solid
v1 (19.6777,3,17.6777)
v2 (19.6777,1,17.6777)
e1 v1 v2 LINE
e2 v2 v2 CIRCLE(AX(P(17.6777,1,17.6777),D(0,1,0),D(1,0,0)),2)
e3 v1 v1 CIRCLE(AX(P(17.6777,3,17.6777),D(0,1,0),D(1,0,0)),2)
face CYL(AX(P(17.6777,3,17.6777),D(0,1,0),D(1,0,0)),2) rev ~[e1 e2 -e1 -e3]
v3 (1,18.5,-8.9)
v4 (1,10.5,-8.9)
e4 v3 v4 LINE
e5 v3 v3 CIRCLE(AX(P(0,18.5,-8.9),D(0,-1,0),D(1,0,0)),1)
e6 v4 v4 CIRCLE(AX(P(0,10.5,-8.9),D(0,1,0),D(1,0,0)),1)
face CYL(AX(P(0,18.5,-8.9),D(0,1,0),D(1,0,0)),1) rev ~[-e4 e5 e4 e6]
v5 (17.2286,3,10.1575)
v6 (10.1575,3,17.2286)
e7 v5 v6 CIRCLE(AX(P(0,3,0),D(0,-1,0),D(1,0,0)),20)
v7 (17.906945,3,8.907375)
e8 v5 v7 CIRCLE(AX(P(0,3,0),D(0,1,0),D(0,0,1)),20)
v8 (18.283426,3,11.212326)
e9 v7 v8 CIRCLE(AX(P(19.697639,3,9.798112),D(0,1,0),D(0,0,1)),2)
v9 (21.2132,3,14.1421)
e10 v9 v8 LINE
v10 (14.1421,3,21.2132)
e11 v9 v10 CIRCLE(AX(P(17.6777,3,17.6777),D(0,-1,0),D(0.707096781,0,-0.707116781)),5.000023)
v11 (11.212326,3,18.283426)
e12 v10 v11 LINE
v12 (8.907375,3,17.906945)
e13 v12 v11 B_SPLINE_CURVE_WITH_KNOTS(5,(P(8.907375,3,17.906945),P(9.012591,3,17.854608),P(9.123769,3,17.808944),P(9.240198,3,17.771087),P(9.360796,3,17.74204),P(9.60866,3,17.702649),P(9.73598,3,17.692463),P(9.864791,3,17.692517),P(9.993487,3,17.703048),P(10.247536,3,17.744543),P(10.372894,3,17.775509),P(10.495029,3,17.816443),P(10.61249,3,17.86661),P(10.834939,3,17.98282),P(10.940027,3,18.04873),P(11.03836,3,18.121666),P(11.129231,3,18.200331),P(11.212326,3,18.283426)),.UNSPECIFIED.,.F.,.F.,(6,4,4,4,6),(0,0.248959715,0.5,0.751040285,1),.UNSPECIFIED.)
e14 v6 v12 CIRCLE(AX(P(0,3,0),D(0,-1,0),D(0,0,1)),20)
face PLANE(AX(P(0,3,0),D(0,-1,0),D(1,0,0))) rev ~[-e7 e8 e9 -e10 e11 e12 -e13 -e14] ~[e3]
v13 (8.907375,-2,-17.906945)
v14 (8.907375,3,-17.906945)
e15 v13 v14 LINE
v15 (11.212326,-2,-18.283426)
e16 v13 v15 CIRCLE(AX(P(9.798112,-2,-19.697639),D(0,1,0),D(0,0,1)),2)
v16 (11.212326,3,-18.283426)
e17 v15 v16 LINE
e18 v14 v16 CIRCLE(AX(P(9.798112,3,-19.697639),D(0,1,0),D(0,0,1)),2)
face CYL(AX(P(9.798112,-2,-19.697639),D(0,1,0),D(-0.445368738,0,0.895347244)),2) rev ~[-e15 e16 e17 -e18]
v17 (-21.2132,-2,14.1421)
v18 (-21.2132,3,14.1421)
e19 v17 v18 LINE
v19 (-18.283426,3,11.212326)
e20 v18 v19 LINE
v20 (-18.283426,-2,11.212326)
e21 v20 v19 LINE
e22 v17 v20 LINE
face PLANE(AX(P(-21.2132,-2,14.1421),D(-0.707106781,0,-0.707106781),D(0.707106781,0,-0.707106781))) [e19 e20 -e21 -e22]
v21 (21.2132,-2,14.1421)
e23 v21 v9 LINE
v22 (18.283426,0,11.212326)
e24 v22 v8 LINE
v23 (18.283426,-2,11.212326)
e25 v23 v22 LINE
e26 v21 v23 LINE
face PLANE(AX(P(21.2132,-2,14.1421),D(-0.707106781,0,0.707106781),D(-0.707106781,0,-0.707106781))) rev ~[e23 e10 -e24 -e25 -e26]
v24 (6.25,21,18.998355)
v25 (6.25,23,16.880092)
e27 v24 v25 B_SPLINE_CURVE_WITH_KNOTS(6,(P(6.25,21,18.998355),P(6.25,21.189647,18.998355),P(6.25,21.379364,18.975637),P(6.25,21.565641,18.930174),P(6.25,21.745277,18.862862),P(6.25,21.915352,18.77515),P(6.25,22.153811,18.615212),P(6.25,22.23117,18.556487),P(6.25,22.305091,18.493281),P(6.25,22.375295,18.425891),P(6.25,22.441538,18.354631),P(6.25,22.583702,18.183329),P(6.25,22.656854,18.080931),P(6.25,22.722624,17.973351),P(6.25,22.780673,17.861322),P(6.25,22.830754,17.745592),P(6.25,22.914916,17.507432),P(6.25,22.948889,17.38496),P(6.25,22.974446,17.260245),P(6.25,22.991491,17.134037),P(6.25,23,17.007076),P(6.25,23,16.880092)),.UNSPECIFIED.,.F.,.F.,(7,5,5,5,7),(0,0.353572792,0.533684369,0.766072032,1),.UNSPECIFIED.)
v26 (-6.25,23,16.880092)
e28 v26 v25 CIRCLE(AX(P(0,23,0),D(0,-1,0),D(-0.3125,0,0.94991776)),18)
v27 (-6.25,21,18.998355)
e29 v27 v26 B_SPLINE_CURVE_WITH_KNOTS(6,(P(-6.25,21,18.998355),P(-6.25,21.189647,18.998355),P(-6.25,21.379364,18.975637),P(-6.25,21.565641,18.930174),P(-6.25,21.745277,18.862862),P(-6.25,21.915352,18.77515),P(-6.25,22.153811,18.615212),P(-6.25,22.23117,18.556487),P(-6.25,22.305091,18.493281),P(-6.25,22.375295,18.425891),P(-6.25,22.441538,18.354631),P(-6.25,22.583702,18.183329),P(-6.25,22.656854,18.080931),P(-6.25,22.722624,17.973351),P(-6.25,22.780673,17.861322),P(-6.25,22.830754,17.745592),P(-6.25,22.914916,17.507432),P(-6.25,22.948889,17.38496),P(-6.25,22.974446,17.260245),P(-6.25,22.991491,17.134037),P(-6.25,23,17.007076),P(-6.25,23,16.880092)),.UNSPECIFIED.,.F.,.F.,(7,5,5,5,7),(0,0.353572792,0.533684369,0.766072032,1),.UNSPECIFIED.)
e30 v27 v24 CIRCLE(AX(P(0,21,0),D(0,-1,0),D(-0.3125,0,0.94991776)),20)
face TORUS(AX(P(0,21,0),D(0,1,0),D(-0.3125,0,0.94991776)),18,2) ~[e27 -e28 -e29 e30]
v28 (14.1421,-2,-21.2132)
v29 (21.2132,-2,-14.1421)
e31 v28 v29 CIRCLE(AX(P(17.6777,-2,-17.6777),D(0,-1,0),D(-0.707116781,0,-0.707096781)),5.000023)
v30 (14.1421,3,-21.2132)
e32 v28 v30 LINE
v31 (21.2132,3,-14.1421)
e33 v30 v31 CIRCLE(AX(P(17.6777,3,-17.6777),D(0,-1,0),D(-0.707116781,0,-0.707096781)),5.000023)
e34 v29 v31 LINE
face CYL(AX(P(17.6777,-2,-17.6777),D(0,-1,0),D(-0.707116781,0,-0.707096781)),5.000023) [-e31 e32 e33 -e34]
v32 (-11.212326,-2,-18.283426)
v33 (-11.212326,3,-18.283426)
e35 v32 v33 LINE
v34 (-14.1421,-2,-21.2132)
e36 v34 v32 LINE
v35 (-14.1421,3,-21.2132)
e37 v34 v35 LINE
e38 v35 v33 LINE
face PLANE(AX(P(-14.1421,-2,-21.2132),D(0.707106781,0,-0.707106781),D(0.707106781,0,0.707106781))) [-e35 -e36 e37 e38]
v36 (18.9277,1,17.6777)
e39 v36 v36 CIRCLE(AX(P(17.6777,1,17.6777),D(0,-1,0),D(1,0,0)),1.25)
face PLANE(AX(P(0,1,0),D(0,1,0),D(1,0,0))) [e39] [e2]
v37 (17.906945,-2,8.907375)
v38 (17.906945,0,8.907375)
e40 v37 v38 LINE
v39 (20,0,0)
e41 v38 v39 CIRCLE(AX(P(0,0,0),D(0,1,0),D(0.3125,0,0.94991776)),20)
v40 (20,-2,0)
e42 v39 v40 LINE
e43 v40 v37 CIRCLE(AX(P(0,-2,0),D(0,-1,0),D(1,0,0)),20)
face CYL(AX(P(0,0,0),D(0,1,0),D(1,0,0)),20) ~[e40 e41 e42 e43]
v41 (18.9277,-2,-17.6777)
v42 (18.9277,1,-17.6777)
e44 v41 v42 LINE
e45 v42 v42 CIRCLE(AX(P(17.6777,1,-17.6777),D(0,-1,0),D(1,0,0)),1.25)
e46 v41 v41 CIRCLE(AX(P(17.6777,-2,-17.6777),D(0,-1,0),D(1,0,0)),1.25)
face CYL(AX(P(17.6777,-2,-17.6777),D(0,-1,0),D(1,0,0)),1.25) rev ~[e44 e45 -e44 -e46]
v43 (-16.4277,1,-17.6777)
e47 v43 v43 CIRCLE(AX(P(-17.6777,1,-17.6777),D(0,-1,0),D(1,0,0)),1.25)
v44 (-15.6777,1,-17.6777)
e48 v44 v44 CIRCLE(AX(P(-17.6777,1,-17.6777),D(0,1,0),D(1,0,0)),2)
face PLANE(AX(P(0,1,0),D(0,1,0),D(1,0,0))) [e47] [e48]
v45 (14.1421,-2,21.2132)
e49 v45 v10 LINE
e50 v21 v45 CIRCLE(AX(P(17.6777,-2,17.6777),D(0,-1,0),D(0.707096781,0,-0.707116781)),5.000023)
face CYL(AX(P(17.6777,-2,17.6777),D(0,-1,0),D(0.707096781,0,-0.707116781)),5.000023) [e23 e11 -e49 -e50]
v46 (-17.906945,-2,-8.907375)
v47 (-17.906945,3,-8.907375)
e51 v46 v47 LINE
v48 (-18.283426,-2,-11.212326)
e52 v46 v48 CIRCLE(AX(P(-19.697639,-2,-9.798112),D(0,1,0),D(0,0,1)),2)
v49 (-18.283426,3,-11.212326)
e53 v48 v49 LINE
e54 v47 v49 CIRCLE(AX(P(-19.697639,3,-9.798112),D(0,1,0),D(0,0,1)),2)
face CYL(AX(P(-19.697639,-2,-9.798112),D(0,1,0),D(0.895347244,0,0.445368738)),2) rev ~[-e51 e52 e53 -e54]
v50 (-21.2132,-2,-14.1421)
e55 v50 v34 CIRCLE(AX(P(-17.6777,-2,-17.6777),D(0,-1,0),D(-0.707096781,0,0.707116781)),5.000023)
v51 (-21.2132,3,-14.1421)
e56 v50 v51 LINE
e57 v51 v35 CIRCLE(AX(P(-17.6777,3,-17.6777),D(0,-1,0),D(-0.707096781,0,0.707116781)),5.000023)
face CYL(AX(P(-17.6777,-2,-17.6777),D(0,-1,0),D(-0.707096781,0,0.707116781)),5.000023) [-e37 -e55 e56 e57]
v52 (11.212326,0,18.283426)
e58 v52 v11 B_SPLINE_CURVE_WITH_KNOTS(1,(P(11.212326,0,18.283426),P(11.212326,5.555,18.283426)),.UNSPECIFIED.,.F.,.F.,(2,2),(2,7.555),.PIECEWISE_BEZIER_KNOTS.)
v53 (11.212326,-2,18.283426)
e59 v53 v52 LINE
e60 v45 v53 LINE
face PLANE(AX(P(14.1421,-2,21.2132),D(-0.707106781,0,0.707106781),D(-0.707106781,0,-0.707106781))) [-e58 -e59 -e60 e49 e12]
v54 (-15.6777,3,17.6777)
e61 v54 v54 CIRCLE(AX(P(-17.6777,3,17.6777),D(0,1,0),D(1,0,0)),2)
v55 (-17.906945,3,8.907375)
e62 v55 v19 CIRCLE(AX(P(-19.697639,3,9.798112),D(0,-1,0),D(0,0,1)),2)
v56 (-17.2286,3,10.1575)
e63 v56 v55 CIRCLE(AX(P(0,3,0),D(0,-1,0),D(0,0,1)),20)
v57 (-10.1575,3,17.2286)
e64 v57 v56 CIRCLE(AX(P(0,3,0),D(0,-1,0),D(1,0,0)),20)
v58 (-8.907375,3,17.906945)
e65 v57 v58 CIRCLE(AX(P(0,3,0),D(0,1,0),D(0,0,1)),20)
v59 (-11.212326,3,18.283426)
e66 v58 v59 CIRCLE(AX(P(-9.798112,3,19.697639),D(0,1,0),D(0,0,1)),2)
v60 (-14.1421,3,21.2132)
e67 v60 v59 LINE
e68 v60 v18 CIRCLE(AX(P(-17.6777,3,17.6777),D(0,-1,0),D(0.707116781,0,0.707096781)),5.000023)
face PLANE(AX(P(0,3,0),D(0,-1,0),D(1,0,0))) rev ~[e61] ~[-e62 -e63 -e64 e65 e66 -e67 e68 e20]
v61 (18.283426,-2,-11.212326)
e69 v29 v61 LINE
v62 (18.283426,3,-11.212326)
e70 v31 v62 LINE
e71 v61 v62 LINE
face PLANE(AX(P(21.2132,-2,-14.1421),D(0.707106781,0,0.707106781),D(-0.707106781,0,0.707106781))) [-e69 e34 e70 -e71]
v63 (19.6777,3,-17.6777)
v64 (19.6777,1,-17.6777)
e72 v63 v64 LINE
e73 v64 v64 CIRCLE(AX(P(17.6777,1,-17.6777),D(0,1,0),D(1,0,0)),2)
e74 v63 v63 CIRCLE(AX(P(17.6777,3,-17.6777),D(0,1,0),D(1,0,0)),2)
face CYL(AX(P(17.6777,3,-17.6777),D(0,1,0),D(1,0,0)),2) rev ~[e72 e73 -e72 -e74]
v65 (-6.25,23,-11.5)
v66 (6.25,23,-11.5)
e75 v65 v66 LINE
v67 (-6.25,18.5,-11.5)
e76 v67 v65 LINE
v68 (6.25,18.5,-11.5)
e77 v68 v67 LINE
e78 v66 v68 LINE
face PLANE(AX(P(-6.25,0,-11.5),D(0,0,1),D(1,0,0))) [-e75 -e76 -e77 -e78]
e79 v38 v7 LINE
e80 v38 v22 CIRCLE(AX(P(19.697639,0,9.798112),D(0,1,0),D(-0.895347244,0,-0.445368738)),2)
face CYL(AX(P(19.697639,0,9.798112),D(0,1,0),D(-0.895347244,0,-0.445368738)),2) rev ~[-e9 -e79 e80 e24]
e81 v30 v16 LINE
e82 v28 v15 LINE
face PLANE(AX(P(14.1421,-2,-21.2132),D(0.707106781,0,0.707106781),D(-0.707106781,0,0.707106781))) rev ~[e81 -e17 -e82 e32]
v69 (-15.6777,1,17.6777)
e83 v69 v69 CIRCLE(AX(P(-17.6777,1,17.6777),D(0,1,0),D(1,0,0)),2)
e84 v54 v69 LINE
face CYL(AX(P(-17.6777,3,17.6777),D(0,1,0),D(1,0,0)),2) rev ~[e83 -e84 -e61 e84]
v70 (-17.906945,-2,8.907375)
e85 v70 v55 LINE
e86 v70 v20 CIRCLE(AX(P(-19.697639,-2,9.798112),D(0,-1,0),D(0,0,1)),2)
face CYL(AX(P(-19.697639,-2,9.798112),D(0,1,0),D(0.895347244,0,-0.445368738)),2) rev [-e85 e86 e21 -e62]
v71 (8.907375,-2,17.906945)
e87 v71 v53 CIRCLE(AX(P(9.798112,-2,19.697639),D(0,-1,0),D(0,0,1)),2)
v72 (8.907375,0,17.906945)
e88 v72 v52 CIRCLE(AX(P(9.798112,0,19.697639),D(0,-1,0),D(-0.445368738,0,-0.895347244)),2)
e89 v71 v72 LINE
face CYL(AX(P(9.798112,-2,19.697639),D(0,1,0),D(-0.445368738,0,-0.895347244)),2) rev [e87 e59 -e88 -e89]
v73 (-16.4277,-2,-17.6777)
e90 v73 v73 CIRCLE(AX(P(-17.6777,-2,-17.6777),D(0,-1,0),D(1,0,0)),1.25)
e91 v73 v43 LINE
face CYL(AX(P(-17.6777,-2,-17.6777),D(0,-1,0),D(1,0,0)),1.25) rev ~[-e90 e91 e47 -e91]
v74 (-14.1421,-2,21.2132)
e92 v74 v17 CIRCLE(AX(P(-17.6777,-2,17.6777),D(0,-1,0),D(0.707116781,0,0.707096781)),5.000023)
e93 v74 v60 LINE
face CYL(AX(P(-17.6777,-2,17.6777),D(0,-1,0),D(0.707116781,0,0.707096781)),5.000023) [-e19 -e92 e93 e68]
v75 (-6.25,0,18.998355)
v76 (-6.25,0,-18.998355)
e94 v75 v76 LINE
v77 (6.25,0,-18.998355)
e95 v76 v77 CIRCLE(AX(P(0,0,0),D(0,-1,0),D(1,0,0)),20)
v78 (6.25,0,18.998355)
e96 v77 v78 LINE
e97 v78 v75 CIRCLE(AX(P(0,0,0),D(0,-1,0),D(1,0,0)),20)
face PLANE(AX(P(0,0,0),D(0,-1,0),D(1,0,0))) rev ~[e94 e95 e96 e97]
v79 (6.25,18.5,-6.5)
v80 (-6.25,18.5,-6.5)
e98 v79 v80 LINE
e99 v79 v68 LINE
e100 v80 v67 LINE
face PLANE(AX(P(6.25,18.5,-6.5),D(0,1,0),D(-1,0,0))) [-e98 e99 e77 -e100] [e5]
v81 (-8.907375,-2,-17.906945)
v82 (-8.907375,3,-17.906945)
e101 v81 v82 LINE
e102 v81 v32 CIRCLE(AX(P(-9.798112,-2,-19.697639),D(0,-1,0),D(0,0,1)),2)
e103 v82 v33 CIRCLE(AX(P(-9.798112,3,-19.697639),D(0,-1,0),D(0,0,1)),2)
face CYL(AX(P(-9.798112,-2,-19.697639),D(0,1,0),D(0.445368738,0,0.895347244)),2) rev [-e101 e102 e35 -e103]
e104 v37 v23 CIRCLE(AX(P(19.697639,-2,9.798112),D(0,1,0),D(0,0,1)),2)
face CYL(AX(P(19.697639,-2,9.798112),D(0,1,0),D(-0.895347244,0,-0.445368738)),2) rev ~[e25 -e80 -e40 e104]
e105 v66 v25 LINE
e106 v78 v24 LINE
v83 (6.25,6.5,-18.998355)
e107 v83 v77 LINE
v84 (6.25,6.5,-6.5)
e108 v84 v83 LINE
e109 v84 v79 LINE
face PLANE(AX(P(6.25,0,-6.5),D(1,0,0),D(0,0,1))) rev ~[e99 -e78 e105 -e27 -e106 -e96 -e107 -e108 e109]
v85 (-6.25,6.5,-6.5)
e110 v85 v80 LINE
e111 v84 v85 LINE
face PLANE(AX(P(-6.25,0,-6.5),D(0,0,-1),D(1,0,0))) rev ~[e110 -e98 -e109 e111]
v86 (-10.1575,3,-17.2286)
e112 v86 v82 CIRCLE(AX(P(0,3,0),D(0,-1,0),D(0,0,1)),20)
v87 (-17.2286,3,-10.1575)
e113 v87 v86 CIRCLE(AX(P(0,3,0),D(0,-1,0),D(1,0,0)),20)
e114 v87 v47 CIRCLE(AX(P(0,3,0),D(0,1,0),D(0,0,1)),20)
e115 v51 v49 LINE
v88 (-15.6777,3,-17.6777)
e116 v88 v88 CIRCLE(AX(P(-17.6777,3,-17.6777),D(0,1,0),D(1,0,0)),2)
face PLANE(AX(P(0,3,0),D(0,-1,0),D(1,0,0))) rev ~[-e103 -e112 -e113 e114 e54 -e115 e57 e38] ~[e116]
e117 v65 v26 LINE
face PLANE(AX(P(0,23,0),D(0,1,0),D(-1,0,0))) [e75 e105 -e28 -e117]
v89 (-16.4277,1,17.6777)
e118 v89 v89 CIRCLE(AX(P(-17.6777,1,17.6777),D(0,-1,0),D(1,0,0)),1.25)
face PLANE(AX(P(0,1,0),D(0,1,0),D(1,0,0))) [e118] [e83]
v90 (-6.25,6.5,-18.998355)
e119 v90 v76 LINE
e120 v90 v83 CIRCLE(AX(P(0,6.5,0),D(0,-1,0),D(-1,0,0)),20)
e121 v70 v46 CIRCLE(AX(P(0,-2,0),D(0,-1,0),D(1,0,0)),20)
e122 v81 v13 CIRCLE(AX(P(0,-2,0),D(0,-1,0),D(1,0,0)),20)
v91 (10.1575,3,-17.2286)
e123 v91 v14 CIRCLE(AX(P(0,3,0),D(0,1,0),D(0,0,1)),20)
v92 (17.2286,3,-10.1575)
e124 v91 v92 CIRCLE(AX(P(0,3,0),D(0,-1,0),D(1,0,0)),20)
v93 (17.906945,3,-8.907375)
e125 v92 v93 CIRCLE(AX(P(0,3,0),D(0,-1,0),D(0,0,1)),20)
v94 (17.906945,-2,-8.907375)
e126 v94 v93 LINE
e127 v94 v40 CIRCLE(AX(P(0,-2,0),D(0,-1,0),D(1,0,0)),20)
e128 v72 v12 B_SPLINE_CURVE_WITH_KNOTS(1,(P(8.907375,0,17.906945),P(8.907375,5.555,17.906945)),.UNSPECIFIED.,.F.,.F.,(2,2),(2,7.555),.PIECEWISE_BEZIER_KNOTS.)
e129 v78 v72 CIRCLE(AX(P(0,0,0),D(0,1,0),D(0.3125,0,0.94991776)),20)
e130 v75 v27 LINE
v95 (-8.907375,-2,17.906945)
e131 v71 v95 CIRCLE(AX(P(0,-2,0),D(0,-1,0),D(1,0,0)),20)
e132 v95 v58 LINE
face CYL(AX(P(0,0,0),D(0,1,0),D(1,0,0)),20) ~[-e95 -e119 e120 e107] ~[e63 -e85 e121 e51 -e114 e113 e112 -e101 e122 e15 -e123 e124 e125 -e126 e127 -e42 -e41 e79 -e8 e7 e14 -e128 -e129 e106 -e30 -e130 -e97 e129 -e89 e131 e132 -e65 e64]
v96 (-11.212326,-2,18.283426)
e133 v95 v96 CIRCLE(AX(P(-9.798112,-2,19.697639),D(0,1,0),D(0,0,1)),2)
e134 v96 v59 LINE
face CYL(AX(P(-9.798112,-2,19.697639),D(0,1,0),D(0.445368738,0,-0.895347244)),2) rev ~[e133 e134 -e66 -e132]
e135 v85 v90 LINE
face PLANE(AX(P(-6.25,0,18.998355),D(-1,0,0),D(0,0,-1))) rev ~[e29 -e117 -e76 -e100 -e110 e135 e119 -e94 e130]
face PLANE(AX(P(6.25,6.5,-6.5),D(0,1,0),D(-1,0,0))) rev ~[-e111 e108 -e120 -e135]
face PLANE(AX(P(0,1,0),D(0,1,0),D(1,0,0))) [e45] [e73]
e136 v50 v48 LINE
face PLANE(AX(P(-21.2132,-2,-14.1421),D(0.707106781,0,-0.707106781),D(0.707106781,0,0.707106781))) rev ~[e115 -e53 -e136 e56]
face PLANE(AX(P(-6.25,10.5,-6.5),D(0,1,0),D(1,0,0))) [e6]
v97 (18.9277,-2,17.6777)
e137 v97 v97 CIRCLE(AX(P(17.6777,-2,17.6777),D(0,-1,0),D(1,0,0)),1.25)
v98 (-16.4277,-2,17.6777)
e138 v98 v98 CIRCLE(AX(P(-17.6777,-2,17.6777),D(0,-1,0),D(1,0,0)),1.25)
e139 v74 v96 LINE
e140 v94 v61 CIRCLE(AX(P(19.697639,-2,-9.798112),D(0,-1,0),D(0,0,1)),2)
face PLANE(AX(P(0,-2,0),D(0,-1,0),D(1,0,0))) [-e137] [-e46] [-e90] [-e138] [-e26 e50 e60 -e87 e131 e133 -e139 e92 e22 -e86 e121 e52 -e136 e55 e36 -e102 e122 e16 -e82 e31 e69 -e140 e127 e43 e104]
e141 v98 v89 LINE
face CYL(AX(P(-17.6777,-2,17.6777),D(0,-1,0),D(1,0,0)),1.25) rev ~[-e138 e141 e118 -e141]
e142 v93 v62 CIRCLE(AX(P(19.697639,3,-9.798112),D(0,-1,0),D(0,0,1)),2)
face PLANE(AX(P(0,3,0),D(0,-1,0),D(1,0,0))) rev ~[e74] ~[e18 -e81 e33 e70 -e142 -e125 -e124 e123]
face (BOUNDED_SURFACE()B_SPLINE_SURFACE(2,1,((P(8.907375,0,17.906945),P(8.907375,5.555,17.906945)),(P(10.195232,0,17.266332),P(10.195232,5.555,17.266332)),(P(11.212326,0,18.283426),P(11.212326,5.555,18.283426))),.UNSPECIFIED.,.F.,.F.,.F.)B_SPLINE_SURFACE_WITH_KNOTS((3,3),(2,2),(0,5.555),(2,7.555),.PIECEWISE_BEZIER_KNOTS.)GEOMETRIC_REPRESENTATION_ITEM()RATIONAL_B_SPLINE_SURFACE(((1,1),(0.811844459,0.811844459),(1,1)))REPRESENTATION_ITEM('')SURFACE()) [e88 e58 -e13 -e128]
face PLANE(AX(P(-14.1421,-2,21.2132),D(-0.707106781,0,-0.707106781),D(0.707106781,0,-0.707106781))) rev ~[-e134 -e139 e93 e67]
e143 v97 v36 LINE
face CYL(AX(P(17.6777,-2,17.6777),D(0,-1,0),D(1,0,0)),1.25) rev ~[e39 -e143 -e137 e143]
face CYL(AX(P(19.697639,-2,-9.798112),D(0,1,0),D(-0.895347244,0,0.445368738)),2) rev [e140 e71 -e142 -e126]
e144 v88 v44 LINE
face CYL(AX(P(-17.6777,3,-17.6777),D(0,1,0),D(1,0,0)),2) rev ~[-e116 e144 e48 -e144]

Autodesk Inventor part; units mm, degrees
ref_plane "YZ Plane" through (0, 0, 0) normal (1, 0, 0) x (0, 1, 0)
ref_plane "XZ Plane" through (0, 0, 0) normal (0, 1, 0) x (-1, 0, 0)
ref_plane "XY Plane" through (0, 0, 0) normal (0, 0, 1) x (1, 0, 0)
sketch "Sketch2" plane through (0, 0, 0) normal (0, 1, 0) x (-1, 0, 0)
  circle A0 centre (0, 0) radius 20
  line L0 (6.25, -6.5) -> (-6.25, -6.5)
  line L1 (-6.25, -6.5) -> (-6.25, 22.6664)
  line L2 (-6.25, 22.6664) -> (6.25, 22.6664)
  line L3 (6.25, 22.6664) -> (6.25, -6.5)
  line L4 (0, -28.5333) -> (0, 31.1997) projected
  line L5 (28, 0) -> (-28, 0) projected
  point P0 (0, -6.5)
  point P1 (6.25, 18.9984)
  point P2 (-6.25, 18.9984)
  dimension "d5" = 40
  dimension "d6" = 6.5
  dimension "d7" = 12.5
extrude "Extrusion1" add sketch "Sketch2" along normal blind 23 contours L5 L3 A0 | A0 L4 L0 L3 L5 | A0 L5 L1 L0 L4 | A0 L1 L5
sketch "Sketch3" plane through (-6.25, 0, -6.5) normal (0, 0, 1) x (1, 0, 0)
  line L0 (0, 23) -> (12.5, 23) projected
  line L1 (0, 23) -> (12.5, 23)
  line L2 (12.5, 23) -> (12.5, 18.5)
  line L3 (12.5, 18.5) -> (0, 18.5)
  line L4 (0, 18.5) -> (0, 23)
  point P0 (0, 0)
  dimension "d10" = 4.5
extrude "Extrusion2" cut sketch "Sketch3" against normal blind 5
sketch "Sketch4" plane through (-6.25, 0, -6.5) normal (0, 0, 1) x (1, 0, 0)
  line L0 (0, 23) -> (12.5, 23)
  line L1 (12.5, 23) -> (12.5, 18.5)
  line L2 (12.5, 18.5) -> (0, 18.5)
  line L3 (0, 18.5) -> (0, 23)
  line L4 (0, 0) -> (10.5075, 0)
  line L5 (0, 0) -> (12.5, 0)
  line L6 (12.5, 0) -> (12.5, 6.5)
  line L7 (12.5, 6.5) -> (0, 6.5)
  line L8 (0, 6.5) -> (0, 0)
  point P0 (6.25, 0)
  point P1 (6.25, 0)
  dimension "d16" = 12
extrude "Extrusion3" cut sketch "Sketch4" against normal up to surface contours L8 L7 L6 L5 L4
sketch "Sketch5" plane through (-6.25, 18.5, -6.5) normal (0, 1, 0) x (1, 0, 0)
  line L0 (12.5, -25.4984) -> (12.5, 12.4984) projected
  line L1 (0, 0) -> (0, 12.4984) projected
  line L2 (0, 0) -> (6.25, 0)
  line L3 (6.25, 0) -> (6.25, 2.4)
  line L4 (6.25, 2.4) -> (0, 2.4)
  line L5 (0, 2.4) -> (0, 0)
  line L6 (12.5, 0) -> (0, 0) projected
  circle A0 centre (6.25, 2.4) radius 1
  point P0 (6.25, -6.5)
  point P1 (12.6412, 0)
  point P2 (12.5, 12.4984)
  dimension "d20" = 2.4
  dimension "d21" = 2
extrude "Extrusion4" cut sketch "Sketch5" against normal blind 8 contours A0 L3 L4 | L4 L3 A0
sketch "Sketch6" plane through (0, 0, 0) normal (0, -1, 0) x (1, 0, 0)
  circle A0 centre (0, 0) radius 20
extrude "Extrusion5" add sketch "Sketch6" along normal blind 2
sketch "Sketch9" plane through (0, -2, 0) normal (0, -1, 0) x (1, 0, 0)
  line L0 (0, 0) -> (17.6777, 17.6777) construction
  line L1 (0, 0) -> (25, 0) construction
  circle A0 centre (17.6777, 17.6777) radius 1.25
  line L2 (17.6777, 17.6777) -> (21.2132, 14.1421) construction
  arc A1 (21.2132, 14.1421) -> (14.1421, 21.2132) centre (17.6777, 17.6777) ccw
  circle A2 centre (0, 0) radius 20 projected
  line L3 (0, -34.6482) -> (0, 34.6482) projected
  line L4 (-34.6985, 0) -> (34.9497, 0) projected
  line L5 (14.1421, 21.2132) -> (10.1575, 17.2286)
  arc A3 (-6.25, 18.9984) -> (6.25, 18.9984) centre (0, 0) ccw projected
  line L6 (21.2132, 14.1421) -> (17.2286, 10.1575)
  line L7 (-14.1421, 21.2132) -> (-10.1575, 17.2286)
  arc A4 (-14.1421, 21.2132) -> (-21.2132, 14.1421) centre (-17.6777, 17.6777) ccw
  line L8 (-21.2132, 14.1421) -> (-17.2286, 10.1575)
  circle A5 centre (-17.6777, 17.6777) radius 1.25
  line L9 (-21.2132, -14.1421) -> (-17.2286, -10.1575)
  arc A6 (-21.2132, -14.1421) -> (-14.1421, -21.2132) centre (-17.6777, -17.6777) ccw
  line L10 (-14.1421, -21.2132) -> (-10.1575, -17.2286)
  circle A7 centre (-17.6777, -17.6777) radius 1.25
  line L11 (14.1421, -21.2132) -> (10.1575, -17.2286)
  arc A8 (14.1421, -21.2132) -> (21.2132, -14.1421) centre (17.6777, -17.6777) ccw
  line L12 (21.2132, -14.1421) -> (17.2286, -10.1575)
  circle A9 centre (17.6777, -17.6777) radius 1.25
  dimension "d56" = 25
  dimension "d57" = 45
  dimension "d58" = 2.5
  dimension "d59" = 5
  dimension "d62" = 360
extrude "Extrusion8" add sketch "Sketch9" against normal blind 5 contours L6 A2 L5 A1 | L12 A8 L11 A2 | L10 A6 L9 A2 | L8 A4 L7 A2
sketch "Sketch11" plane through (0, 3, 0) normal (0, 1, 0) x (1, 0, 0)
  circle A0 centre (17.6777, -17.6777) radius 1.25 projected
  circle A1 centre (17.6777, -17.6777) radius 2
  circle A2 centre (17.6777, 17.6777) radius 2
  circle A3 centre (-17.6777, 17.6777) radius 2
  circle A4 centre (-17.6777, -17.6777) radius 2
  point P0 (0, 0)
  dimension "d66" = 4
  dimension "d69" = 360
extrude "Extrusion9" cut sketch "Sketch11" against normal blind 2 contours A0 | A1 | A2 | A3 | A4
fillet "Fillet3" radius 2 1 edges at (0, 23, -20)
fillet "Fillet4" radius 2 10 edges at (-10.1575, 0.5, 17.2286) (10.1575, 1.5, 17.2286) (10.1575, -1, 17.2286) (-17.2286, 0.5, 10.1575) (-17.2286, 0.5, -10.1575) (-10.1575, 0.5, -17.2286) (10.1575, 0.5, -17.2286) (17.2286, 0.5, -10.1575) (17.2286, 1.5, 10.1575) (17.2286, -1, 10.1575)
properties part number "base1"
